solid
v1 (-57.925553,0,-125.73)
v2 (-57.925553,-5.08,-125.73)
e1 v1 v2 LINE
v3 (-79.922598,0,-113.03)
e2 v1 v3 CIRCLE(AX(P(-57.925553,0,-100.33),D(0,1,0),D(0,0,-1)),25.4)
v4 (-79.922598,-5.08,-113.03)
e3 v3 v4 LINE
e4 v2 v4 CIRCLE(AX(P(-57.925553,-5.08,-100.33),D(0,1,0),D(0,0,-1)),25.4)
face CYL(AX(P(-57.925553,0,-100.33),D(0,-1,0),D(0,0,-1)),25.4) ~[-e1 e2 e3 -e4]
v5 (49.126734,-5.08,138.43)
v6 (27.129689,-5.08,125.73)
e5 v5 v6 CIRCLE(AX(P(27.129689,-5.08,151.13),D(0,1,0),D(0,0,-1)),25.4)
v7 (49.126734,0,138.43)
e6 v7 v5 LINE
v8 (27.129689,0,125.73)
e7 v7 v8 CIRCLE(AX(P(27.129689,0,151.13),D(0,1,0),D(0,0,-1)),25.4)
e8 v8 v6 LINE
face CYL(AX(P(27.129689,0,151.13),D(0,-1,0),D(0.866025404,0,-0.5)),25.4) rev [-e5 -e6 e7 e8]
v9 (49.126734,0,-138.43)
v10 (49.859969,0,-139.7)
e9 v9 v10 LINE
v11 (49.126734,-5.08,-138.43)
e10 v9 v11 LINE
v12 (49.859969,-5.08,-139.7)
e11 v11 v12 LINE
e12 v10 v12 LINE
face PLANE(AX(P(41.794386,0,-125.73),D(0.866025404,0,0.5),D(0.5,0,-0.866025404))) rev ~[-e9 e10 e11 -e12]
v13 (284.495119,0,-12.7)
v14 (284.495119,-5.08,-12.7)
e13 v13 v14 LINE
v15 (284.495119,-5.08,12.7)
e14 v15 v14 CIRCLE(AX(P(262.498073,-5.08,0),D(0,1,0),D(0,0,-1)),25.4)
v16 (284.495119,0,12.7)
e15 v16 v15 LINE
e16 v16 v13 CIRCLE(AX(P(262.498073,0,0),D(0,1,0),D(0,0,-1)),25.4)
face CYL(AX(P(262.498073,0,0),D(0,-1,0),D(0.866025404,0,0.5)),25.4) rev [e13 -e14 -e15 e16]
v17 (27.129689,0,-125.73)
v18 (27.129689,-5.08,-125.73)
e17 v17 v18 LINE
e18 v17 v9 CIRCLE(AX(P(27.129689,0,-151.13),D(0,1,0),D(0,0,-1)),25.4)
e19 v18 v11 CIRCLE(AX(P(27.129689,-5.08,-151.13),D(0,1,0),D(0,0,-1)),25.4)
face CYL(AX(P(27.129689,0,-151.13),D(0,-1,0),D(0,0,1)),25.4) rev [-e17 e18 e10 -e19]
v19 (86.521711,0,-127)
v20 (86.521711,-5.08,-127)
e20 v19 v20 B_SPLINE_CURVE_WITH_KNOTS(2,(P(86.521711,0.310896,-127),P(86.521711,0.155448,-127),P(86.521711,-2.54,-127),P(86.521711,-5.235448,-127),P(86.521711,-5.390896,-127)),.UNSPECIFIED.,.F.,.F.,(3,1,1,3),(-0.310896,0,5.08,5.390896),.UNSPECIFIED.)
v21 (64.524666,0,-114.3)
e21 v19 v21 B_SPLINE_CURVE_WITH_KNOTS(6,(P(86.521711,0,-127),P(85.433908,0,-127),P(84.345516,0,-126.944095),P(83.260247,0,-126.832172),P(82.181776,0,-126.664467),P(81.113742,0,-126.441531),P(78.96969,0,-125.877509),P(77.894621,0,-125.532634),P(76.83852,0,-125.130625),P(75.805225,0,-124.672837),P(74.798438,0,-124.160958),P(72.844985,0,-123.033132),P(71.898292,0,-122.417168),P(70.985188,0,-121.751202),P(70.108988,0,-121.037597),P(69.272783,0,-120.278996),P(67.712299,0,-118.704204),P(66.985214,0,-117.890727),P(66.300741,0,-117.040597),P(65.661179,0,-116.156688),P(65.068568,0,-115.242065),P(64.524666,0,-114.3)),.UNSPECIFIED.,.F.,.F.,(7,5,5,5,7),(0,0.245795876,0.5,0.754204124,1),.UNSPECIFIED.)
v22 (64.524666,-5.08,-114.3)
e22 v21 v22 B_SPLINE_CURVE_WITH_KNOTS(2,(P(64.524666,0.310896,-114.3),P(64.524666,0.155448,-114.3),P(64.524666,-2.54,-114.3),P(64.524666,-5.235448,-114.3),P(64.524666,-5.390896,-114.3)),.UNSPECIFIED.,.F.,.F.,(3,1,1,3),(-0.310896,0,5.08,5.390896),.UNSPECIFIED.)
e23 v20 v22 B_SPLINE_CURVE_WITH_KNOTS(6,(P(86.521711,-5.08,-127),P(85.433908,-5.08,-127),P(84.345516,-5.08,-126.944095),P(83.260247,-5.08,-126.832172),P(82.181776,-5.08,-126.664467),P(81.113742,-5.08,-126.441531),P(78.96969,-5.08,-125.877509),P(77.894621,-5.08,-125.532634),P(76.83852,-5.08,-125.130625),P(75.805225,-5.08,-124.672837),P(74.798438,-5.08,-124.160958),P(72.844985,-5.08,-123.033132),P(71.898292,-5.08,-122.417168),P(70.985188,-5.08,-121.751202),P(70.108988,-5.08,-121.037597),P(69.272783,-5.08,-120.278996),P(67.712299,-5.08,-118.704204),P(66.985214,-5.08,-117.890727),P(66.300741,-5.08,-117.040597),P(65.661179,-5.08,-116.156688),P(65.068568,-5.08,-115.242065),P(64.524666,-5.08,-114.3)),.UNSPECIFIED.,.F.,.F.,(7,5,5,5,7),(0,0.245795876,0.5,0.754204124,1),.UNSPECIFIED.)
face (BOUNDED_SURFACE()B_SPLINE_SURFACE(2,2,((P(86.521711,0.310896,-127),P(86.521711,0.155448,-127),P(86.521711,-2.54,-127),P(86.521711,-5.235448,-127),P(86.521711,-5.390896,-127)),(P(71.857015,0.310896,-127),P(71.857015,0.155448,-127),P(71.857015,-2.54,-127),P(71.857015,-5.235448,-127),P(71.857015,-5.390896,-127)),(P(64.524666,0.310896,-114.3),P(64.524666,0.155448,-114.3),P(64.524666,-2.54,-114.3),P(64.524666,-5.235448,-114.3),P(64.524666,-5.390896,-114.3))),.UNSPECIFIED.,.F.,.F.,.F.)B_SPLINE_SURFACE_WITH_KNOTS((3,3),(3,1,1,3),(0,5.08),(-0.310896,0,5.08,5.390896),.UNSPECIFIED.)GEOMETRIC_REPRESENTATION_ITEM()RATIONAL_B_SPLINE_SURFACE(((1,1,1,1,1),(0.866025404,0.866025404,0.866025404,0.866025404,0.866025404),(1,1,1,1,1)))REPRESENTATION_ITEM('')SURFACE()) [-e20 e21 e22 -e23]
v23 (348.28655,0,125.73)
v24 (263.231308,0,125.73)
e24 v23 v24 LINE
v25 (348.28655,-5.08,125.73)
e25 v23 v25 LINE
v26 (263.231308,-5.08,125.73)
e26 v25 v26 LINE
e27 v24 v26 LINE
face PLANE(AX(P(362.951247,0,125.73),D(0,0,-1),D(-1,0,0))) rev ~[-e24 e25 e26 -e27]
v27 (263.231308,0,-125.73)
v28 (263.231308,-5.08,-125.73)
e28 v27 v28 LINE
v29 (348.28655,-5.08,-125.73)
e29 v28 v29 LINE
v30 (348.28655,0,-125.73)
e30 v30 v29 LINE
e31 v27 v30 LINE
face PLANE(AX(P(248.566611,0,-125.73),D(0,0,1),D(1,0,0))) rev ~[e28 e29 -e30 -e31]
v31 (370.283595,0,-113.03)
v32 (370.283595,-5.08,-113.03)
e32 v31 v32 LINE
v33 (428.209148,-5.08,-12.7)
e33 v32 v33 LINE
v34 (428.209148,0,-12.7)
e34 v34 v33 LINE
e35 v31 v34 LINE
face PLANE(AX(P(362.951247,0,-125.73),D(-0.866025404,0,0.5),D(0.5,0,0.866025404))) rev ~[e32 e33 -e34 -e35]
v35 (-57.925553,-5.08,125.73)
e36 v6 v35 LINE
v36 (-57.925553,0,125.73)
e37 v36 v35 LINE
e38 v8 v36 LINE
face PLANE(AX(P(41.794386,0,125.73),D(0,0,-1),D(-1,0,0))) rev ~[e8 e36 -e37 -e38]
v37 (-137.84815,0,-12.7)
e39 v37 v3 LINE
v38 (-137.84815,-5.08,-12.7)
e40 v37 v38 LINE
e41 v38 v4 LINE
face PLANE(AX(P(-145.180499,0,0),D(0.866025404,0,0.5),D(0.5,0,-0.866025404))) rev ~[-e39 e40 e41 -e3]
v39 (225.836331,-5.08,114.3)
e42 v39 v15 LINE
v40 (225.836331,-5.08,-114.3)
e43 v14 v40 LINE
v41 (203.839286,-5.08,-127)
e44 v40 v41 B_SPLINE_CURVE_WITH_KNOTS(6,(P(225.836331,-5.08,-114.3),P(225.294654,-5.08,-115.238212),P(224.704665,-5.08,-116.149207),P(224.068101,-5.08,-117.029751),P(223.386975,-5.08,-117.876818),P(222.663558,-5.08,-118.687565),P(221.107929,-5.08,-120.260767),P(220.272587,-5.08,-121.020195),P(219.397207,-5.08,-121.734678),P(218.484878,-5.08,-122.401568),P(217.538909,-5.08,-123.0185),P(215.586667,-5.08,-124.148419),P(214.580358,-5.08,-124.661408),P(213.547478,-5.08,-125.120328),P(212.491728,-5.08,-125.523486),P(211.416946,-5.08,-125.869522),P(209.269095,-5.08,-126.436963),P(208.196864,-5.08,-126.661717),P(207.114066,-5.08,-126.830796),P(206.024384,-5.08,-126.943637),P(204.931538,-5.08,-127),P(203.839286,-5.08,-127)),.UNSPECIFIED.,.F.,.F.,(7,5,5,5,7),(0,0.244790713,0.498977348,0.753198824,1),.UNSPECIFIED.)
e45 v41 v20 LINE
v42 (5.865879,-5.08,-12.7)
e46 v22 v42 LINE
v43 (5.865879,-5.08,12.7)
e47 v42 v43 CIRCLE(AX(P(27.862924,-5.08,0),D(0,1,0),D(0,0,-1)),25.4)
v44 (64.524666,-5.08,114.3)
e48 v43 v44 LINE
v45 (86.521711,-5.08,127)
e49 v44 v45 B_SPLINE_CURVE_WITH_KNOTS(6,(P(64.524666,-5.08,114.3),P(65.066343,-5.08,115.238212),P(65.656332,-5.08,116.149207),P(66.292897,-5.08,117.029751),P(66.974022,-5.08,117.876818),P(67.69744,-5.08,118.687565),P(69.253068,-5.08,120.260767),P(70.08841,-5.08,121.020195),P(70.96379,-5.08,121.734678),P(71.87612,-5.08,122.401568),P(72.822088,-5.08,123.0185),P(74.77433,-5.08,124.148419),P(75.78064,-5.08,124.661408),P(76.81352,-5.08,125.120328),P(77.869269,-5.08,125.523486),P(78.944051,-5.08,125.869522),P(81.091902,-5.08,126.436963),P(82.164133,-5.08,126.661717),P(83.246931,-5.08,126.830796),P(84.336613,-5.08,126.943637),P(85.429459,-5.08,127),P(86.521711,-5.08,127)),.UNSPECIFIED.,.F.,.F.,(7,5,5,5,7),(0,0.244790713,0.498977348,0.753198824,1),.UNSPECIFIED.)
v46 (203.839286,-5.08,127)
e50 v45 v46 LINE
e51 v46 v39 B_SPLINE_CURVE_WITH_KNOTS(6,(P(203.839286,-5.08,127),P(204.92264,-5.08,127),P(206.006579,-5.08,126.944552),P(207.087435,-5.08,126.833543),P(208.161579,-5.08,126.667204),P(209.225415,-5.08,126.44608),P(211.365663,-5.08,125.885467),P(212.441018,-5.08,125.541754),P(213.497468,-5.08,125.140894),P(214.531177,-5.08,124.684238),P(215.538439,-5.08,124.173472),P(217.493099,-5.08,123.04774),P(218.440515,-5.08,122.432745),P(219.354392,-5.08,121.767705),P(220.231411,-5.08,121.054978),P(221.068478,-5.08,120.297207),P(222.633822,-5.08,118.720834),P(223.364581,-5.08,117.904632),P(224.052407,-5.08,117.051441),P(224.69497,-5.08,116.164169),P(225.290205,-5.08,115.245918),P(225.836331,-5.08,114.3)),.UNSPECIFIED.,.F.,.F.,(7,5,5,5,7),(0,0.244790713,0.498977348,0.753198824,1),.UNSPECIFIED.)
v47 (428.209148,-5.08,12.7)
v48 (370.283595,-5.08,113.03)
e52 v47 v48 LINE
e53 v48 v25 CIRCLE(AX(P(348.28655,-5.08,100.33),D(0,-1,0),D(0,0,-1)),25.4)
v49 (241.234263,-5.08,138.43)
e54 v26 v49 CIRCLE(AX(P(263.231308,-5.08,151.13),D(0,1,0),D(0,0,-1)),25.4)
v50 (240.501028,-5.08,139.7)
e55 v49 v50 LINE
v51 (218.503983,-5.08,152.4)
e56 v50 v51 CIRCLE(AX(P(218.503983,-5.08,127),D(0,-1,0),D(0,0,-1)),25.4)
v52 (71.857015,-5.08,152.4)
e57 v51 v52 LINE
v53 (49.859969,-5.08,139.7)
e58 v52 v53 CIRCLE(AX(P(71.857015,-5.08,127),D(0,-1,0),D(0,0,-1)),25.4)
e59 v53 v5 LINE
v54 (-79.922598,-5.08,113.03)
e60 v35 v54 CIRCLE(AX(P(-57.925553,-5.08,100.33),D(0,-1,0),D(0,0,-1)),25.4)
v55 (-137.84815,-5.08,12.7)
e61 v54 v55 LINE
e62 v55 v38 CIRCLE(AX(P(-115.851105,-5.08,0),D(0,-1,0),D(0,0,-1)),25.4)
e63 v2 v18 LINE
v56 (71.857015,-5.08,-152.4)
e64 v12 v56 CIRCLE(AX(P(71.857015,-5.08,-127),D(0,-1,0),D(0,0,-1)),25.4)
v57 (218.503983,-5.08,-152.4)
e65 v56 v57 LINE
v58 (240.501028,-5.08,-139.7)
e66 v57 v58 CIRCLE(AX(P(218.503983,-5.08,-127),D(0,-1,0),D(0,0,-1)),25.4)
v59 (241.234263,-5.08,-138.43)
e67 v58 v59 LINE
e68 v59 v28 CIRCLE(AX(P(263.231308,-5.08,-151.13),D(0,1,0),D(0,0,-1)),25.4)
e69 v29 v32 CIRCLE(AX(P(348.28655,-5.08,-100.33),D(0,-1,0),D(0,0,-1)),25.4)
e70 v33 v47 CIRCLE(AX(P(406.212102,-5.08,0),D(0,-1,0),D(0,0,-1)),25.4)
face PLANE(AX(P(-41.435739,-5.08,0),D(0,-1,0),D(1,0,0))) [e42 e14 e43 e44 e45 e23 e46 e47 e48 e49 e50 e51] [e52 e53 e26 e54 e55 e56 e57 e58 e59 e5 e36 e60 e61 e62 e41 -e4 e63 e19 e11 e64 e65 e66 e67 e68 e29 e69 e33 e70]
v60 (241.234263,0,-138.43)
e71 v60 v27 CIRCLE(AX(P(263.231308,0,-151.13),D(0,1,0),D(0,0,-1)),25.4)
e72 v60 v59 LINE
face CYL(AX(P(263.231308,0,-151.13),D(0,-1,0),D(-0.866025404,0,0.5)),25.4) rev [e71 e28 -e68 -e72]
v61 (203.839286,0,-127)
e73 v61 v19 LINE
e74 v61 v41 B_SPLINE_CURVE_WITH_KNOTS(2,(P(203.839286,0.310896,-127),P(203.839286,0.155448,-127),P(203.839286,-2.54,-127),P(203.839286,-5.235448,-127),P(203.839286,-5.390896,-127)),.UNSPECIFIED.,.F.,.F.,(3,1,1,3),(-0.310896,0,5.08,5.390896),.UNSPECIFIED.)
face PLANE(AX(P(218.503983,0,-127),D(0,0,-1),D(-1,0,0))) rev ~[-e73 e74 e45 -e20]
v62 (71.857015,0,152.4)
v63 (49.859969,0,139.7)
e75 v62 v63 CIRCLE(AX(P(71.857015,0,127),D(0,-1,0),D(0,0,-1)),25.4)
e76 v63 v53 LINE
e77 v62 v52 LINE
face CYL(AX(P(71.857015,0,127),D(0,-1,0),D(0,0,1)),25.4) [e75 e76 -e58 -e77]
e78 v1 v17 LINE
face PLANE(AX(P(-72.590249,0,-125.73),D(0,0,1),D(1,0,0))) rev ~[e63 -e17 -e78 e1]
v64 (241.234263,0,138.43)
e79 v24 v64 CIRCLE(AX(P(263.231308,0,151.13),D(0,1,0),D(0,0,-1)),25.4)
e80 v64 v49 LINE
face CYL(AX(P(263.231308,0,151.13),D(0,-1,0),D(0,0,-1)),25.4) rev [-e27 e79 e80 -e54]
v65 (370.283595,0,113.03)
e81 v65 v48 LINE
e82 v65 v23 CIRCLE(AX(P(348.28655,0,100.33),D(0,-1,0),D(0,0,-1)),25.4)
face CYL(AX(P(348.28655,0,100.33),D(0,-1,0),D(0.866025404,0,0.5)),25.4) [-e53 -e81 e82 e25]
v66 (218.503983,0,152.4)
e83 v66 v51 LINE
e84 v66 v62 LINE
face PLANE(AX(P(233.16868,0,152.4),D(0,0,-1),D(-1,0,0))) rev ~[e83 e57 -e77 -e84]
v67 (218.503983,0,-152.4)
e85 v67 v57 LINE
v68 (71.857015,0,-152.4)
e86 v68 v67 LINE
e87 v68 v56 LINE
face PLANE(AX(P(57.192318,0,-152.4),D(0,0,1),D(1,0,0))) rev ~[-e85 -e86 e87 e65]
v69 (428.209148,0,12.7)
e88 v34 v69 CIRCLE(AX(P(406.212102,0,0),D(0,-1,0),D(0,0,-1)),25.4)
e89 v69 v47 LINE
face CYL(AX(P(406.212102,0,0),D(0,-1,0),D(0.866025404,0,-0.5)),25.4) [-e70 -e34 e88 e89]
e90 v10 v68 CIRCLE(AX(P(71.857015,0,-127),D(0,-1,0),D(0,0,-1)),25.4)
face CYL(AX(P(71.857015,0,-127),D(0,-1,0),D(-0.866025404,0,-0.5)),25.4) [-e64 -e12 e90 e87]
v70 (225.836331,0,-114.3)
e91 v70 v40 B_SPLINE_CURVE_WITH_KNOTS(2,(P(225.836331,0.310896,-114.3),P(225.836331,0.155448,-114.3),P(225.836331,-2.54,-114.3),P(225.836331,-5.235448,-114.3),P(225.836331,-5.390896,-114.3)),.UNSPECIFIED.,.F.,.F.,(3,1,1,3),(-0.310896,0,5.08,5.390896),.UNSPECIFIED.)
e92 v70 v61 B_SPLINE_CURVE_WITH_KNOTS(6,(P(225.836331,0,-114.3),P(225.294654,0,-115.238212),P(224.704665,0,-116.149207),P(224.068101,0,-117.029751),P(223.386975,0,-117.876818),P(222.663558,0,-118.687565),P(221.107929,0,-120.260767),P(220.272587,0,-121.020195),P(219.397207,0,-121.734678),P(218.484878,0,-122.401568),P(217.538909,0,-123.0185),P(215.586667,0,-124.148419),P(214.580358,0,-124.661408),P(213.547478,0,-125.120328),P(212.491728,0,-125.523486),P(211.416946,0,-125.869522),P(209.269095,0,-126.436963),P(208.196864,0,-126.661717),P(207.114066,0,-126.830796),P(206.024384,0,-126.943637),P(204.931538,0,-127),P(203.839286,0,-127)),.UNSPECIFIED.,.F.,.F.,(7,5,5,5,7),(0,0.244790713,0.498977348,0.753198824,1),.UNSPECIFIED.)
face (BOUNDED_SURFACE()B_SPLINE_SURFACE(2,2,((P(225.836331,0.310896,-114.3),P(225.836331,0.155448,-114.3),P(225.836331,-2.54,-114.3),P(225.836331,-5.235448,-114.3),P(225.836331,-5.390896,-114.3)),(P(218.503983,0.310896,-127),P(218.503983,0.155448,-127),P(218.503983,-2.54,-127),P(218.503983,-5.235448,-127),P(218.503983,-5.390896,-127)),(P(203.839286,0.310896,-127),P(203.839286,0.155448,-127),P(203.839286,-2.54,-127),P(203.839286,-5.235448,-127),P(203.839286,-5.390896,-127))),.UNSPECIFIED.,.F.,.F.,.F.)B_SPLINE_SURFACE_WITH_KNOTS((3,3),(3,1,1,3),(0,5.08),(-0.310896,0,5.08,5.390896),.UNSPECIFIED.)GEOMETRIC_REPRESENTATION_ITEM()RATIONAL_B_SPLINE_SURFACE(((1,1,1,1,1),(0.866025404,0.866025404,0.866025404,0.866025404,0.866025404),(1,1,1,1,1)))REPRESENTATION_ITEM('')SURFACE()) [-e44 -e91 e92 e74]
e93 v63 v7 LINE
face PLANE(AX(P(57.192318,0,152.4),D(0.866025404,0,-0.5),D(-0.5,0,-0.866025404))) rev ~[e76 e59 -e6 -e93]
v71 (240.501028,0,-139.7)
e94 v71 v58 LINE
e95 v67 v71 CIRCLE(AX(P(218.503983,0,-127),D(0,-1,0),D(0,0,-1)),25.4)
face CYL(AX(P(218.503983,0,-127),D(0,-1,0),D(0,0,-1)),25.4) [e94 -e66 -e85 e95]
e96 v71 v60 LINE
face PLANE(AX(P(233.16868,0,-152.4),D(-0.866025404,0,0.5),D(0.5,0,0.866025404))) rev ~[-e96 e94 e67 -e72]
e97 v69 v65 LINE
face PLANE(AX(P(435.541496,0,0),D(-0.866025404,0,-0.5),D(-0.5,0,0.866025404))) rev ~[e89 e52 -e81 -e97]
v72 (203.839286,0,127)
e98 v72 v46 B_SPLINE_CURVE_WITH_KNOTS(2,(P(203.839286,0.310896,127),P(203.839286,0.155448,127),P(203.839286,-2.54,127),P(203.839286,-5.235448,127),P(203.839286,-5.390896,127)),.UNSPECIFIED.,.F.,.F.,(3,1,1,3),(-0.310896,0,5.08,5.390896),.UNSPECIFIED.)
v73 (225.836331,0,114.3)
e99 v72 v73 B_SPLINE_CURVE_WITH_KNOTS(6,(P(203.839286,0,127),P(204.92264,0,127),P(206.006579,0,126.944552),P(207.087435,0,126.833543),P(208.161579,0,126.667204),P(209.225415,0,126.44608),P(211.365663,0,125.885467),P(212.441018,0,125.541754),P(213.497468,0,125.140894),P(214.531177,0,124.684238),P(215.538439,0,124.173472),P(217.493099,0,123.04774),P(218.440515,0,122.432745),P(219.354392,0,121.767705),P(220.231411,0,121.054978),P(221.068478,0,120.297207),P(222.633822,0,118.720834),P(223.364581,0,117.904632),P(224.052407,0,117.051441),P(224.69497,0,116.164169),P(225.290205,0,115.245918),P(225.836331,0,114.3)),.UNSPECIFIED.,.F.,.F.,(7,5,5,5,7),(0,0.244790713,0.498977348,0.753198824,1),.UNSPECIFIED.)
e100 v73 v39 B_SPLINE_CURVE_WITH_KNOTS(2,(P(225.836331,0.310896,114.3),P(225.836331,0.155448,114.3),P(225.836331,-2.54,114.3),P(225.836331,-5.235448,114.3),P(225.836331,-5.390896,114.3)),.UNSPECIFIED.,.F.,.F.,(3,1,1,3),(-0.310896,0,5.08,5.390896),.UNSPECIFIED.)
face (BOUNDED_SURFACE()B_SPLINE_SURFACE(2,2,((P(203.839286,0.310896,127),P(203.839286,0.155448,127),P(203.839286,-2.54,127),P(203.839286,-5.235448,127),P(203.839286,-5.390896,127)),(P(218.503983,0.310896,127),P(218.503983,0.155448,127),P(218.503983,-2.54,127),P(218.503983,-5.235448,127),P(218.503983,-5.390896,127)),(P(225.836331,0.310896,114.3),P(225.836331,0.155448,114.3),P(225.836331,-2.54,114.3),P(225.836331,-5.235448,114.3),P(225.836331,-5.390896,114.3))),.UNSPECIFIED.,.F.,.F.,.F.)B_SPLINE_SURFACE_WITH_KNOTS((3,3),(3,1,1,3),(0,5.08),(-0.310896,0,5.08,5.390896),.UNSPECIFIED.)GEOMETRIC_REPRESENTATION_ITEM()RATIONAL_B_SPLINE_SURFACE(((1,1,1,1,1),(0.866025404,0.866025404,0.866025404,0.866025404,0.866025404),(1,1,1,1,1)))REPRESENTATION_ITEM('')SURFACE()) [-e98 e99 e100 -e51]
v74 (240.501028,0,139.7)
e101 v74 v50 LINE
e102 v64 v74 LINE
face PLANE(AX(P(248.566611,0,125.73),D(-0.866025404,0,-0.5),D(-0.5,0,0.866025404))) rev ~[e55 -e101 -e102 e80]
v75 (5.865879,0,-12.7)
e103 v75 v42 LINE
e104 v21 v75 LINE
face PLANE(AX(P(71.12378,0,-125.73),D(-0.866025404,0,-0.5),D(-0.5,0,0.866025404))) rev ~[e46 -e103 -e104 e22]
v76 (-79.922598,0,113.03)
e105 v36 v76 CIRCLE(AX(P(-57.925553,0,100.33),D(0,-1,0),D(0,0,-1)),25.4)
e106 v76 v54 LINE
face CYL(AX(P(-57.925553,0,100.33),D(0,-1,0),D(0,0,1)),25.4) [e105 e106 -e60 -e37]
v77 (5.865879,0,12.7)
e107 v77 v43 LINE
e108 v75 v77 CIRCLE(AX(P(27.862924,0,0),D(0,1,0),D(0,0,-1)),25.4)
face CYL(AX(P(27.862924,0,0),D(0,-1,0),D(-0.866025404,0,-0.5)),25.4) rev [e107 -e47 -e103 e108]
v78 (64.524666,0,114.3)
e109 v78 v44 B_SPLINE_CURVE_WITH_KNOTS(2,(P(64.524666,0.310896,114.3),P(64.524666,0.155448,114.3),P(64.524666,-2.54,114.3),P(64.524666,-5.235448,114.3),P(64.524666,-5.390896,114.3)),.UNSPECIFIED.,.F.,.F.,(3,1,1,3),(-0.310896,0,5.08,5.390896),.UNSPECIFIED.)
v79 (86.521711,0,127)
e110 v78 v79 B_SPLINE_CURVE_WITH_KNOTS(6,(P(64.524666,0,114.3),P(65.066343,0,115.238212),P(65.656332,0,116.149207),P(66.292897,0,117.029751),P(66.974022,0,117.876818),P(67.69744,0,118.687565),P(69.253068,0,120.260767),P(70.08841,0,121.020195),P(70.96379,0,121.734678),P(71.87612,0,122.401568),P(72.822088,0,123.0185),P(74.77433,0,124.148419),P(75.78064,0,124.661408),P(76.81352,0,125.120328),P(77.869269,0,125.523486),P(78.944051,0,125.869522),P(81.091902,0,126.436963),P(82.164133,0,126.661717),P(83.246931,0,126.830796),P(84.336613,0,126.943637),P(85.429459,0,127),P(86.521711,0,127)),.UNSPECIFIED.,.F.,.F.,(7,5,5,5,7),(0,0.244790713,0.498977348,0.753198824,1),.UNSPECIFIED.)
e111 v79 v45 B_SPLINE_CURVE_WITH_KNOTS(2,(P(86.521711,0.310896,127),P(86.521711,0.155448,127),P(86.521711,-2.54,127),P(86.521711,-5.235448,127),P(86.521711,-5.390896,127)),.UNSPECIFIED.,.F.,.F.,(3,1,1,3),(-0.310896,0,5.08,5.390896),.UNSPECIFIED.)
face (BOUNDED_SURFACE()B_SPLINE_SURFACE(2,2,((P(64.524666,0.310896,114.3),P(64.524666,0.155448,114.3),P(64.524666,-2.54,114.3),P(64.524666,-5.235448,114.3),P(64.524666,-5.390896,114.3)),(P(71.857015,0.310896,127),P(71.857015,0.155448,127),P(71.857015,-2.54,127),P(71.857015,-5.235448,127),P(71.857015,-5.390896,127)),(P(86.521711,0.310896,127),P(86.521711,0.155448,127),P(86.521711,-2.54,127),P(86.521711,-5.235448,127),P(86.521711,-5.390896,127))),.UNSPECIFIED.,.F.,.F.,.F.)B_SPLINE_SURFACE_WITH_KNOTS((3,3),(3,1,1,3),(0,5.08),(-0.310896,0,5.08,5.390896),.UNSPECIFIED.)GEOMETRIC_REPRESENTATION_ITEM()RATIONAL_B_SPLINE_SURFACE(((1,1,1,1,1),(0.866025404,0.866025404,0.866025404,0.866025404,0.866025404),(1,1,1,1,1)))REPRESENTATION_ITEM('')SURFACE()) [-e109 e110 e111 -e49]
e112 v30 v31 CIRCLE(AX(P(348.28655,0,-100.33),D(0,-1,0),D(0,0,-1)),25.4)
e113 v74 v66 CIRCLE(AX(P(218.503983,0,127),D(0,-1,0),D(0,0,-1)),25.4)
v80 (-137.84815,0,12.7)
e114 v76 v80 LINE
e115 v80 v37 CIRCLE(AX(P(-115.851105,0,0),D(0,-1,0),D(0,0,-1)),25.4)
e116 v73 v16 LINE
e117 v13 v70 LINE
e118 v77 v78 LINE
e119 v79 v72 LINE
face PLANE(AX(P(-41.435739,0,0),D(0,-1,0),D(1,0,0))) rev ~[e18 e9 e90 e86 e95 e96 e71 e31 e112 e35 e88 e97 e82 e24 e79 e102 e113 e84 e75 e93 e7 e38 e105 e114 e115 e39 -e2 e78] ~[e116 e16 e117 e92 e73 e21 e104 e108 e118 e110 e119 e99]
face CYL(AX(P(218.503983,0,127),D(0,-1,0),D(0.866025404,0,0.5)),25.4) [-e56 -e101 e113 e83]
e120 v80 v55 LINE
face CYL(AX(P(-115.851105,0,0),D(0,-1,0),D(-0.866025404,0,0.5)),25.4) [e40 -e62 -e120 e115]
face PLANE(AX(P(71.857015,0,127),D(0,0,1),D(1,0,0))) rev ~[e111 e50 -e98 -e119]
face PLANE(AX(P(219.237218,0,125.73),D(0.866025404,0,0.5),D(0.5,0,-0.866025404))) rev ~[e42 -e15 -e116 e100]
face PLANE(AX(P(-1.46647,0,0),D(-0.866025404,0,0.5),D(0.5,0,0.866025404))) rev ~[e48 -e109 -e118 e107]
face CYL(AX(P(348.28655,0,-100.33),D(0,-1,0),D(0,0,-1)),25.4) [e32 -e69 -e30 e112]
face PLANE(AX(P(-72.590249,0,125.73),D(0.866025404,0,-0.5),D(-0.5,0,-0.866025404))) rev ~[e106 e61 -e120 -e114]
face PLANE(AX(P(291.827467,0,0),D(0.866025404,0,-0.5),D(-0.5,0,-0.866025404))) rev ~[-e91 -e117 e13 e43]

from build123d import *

# Parameters (mm, degrees)
F1_DEPTH = 5.08
F2_R     = 25.4


with BuildPart() as f1:
    # F0 (on Front) → F1 (new body)
    with BuildSketch(Plane.XZ):
        Polygon((-72.5902493452, -125.73), (41.7943859866, -125.73), (-30.7958633586, 0), (41.7943859866, 125.73), (-72.5902493452, 125.73), (-145.1804986904, 0), align=None)
        Polygon((41.7943859866, -125.73), (71.1237796615, -125.73), (-1.4664696837, 0), (71.1237796615, 125.73), (41.7943859866, 125.73), (-30.7958633586, 0), align=None)
        Polygon((41.7943859866, 125.73), (71.1237796615, 125.73), (71.8570145033, 127), (218.5039828775, 127), (219.2372177194, 125.73), (248.5666113942, 125.73), (233.1686797149, 152.4), (57.1923176659, 152.4), align=None)
        Polygon((291.8274670646, 0), (219.2372177194, -125.73), (248.5666113942, -125.73), (321.1568607394, 0), (248.5666113942, 125.73), (219.2372177194, 125.73), align=None)
        Polygon((321.1568607394, 0), (248.5666113942, -125.73), (362.9512467261, -125.73), (435.5414960713, 0), (362.9512467261, 125.73), (248.5666113942, 125.73), align=None)
        Polygon((71.8570145033, -127), (71.1237796615, -125.73), (41.7943859866, -125.73), (57.1923176659, -152.4), (233.1686797149, -152.4), (248.5666113942, -125.73), (219.2372177194, -125.73), (218.5039828775, -127), align=None)
    extrude(amount=F1_DEPTH)

    # F2
    f2_edges = [f1.edges().sort_by_distance(p)[0] for p in [
        (41.794386, -2.54, 125.73),
        (-72.590249, -2.54, 125.73),
        (-145.180499, -2.54, 0),
        (-72.590249, -2.54, -125.73),
        (41.794386, -2.54, -125.73),
        (57.192318, -2.54, -152.4),
        (233.16868, -2.54, -152.4),
        (248.566611, -2.54, -125.73),
        (362.951247, -2.54, -125.73),
        (435.541496, -2.54, 0),
        (362.951247, -2.54, 125.73),
        (248.566611, -2.54, 125.73),
        (233.16868, -2.54, 152.4),
        (57.192318, -2.54, 152.4),
        (71.857015, -2.54, 127),
        (218.503983, -2.54, 127),
        (291.827467, -2.54, 0),
        (218.503983, -2.54, -127),
        (71.857015, -2.54, -127),
        (-1.46647, -2.54, 0),
    ]]
    fillet(f2_edges, radius=F2_R)


solid = f1.part
